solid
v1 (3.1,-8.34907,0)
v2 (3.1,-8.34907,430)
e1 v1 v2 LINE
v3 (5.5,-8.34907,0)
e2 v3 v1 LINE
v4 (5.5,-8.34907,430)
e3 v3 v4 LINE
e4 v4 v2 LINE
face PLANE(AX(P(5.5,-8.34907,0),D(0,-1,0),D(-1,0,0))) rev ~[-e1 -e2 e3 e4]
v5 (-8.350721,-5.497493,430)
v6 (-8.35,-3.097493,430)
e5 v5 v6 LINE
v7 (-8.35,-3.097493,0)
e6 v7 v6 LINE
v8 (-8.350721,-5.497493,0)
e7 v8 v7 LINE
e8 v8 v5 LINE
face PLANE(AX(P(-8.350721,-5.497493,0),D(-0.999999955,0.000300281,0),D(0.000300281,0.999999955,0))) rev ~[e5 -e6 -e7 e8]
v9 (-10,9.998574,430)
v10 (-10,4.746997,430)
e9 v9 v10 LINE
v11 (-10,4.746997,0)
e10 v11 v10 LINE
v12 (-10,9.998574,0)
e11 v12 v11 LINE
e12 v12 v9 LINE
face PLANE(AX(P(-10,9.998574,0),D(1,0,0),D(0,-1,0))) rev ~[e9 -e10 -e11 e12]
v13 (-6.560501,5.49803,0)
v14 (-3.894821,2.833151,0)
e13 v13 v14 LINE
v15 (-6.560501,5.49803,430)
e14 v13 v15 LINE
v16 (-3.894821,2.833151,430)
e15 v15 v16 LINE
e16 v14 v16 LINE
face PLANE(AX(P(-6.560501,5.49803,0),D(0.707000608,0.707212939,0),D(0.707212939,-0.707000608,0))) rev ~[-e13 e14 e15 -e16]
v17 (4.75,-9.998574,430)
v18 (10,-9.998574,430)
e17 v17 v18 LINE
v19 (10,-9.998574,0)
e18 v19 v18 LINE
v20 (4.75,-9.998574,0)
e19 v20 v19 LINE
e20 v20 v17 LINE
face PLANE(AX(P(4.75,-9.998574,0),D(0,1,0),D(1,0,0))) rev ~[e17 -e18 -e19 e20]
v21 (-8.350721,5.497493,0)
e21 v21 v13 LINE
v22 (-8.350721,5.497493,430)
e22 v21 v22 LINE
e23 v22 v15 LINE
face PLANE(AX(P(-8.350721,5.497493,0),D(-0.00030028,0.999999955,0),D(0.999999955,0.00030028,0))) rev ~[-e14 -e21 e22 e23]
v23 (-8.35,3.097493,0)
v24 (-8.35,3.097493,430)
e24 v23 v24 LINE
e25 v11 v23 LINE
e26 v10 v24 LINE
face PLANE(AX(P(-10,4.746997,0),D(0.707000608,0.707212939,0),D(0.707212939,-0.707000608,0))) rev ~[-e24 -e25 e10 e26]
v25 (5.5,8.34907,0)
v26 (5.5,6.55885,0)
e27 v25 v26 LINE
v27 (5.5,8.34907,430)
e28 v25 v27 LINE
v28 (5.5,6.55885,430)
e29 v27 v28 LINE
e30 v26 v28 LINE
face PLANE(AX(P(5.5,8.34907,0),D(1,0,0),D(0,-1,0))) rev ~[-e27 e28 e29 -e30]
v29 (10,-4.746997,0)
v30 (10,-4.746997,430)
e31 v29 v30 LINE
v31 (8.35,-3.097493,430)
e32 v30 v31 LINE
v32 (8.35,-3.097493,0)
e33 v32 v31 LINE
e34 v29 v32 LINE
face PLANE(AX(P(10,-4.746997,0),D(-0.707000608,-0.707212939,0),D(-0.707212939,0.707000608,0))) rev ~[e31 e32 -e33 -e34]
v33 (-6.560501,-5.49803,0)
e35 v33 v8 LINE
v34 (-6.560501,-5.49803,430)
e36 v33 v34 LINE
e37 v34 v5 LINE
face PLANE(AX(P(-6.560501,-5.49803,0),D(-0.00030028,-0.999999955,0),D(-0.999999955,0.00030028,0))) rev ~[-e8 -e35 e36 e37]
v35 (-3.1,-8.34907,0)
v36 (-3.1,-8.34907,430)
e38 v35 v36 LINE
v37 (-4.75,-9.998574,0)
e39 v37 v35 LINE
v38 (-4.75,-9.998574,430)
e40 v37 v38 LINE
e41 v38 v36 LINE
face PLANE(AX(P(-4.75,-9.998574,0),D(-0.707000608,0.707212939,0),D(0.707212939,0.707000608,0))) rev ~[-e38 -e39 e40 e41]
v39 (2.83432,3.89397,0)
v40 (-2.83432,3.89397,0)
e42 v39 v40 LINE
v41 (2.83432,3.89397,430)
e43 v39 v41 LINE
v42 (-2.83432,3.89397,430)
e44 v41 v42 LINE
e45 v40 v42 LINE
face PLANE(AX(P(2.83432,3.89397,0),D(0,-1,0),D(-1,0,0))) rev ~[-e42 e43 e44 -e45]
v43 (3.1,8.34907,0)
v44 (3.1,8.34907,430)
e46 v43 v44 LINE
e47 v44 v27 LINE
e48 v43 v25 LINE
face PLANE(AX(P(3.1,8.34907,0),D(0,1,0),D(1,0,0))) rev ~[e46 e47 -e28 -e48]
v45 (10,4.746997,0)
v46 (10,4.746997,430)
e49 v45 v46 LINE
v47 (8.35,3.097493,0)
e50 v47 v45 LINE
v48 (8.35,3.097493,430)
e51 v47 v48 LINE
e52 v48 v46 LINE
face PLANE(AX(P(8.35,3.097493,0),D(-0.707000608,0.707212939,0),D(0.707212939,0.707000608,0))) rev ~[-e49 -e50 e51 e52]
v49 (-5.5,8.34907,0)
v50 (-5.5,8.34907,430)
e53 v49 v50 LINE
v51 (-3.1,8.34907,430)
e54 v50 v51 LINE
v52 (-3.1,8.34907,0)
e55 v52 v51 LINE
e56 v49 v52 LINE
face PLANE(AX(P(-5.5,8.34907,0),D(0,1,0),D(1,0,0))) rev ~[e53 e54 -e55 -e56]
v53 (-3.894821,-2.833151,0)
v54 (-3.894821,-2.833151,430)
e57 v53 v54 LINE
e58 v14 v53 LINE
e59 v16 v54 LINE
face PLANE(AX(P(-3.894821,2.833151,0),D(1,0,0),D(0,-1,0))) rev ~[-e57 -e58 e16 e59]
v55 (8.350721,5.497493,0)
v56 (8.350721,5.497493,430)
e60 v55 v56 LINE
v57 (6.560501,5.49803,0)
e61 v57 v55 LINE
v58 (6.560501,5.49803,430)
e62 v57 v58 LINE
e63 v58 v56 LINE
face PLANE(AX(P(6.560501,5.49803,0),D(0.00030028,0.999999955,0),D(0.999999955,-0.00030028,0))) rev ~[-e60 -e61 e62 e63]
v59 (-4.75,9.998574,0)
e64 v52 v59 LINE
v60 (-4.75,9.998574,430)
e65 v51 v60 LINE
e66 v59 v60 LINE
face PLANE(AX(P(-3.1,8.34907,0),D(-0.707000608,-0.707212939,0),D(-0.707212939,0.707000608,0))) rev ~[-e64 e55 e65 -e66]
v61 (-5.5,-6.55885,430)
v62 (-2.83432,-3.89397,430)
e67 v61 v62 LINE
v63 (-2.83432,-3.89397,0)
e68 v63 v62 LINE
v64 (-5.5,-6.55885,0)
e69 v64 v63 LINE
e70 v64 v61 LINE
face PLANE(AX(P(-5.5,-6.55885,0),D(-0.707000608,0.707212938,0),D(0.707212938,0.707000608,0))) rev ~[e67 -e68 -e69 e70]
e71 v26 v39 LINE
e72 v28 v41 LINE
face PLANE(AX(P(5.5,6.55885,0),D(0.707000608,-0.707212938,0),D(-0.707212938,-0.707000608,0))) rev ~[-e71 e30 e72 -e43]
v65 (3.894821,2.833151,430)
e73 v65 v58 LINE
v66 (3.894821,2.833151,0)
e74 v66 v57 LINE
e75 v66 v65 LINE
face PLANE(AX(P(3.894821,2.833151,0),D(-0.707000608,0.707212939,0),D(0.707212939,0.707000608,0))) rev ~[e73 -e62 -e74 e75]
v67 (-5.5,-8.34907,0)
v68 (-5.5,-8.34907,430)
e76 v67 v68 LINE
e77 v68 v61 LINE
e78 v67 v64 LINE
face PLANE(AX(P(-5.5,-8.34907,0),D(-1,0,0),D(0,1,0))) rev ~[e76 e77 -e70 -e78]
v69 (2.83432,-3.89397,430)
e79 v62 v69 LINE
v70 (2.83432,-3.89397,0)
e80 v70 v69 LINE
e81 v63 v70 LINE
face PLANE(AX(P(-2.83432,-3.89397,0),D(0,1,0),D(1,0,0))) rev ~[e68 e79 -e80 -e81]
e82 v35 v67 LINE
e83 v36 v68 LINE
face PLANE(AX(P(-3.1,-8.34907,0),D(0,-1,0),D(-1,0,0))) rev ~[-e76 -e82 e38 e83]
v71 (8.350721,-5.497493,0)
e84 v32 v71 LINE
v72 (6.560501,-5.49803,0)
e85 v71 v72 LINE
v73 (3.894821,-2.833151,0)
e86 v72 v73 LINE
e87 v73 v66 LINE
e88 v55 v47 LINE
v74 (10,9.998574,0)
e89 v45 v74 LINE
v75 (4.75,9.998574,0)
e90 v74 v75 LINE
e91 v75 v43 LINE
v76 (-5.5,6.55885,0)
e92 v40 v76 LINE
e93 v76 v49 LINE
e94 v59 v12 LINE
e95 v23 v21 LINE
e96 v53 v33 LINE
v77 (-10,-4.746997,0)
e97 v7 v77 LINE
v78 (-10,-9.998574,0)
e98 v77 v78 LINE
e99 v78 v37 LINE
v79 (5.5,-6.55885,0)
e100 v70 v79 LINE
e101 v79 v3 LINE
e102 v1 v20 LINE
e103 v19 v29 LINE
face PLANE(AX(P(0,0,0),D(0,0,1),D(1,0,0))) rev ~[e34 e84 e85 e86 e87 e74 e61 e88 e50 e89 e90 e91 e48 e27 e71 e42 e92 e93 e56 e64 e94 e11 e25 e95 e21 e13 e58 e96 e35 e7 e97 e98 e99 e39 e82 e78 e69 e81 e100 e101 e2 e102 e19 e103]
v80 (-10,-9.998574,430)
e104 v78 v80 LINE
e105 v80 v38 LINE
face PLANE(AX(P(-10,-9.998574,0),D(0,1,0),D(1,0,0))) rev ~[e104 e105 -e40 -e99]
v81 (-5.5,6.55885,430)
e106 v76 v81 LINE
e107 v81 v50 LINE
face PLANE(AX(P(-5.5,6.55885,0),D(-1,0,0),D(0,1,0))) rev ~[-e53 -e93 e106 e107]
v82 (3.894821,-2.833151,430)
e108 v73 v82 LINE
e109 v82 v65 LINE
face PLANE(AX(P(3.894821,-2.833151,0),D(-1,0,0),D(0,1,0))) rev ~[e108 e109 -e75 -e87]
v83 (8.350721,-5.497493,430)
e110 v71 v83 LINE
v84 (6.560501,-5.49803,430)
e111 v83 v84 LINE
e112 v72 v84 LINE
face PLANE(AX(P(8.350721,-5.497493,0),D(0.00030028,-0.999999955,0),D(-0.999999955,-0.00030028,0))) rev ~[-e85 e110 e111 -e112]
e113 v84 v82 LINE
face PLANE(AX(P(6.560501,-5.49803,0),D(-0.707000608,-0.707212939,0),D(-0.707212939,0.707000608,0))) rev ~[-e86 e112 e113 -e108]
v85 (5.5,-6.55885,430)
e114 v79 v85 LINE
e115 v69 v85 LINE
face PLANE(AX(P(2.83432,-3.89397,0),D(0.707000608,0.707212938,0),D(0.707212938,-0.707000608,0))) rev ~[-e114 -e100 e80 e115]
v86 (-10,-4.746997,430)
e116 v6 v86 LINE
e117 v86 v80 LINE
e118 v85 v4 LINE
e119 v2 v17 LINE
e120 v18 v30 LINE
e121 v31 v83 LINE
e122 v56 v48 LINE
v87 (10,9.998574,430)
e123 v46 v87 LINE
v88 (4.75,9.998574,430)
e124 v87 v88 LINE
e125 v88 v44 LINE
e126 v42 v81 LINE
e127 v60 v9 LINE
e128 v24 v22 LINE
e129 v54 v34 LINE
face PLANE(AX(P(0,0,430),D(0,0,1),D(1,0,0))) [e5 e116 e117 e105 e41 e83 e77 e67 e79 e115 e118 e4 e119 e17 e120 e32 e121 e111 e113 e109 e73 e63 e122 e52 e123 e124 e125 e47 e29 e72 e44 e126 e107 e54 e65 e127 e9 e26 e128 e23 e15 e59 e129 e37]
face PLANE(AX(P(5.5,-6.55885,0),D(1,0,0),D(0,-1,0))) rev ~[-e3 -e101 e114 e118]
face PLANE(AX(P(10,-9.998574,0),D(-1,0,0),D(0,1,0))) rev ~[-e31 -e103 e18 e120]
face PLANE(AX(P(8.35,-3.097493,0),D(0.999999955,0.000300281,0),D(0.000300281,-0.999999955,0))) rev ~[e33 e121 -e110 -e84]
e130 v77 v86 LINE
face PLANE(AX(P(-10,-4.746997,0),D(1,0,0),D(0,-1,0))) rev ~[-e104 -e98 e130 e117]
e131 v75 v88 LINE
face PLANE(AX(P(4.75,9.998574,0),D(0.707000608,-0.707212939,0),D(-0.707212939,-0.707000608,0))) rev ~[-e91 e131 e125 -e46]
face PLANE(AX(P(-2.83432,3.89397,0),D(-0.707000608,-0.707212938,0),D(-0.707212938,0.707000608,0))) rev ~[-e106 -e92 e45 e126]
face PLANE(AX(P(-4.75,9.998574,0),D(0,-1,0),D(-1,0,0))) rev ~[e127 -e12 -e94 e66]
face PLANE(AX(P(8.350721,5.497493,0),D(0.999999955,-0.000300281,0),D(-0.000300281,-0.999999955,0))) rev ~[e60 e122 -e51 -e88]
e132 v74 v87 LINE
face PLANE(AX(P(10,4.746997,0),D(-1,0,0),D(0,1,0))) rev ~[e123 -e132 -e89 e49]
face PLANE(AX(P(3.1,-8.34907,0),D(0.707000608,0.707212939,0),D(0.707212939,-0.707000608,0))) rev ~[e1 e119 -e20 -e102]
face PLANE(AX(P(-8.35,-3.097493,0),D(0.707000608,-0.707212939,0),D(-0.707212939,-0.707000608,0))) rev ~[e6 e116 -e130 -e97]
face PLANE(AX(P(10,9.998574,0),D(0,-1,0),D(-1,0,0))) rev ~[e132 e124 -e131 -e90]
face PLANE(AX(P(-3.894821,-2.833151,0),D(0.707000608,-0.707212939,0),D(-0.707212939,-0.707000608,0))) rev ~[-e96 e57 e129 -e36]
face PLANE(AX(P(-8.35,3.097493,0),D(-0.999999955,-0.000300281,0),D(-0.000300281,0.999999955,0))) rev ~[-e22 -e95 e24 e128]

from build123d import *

# Parameters (mm, degrees)
BOSS_EXTRUDE1_DEPTH = 430


with BuildPart() as part:
    # Sketch1 → Boss-Extrude1 (new body)
    with BuildSketch(Plane.XY):
        Polygon((2.834320347, 3.893970342), (-2.834320347, 3.893970342), (-5.5, 6.558849663), (-5.5, 8.349069506), (-3.1, 8.349069506), (-4.75, 9.998574117), (-10, 9.998574117), (-10, 4.746997406), (-8.35, 3.097492795), (-8.350720674, 5.497492687), (-6.560500912, 5.498030255), (-3.894821259, 2.833150935), (-3.894821259, -2.833150935), (-6.560500912, -5.498030255), (-8.350720674, -5.497492687), (-8.35, -3.097492795), (-10, -4.746997406), (-10, -9.998574117), (-4.75, -9.998574117), (-3.1, -8.349069506), (-5.5, -8.349069506), (-5.5, -6.558849663), (-2.834320347, -3.893970342), (2.834320347, -3.893970342), (5.5, -6.558849663), (5.5, -8.349069506), (3.1, -8.349069506), (4.75, -9.998574117), (10, -9.998574117), (10, -4.746997406), (8.35, -3.097492795), (8.350720674, -5.497492687), (6.560500912, -5.498030255), (3.894821259, -2.833150935), (3.894821259, 2.833150935), (6.560500912, 5.498030255), (8.350720674, 5.497492687), (8.35, 3.097492795), (10, 4.746997406), (10, 9.998574117), (4.75, 9.998574117), (3.1, 8.349069506), (5.5, 8.349069506), (5.5, 6.558849663), align=None)
    extrude(amount=BOSS_EXTRUDE1_DEPTH)


solid = part.part
